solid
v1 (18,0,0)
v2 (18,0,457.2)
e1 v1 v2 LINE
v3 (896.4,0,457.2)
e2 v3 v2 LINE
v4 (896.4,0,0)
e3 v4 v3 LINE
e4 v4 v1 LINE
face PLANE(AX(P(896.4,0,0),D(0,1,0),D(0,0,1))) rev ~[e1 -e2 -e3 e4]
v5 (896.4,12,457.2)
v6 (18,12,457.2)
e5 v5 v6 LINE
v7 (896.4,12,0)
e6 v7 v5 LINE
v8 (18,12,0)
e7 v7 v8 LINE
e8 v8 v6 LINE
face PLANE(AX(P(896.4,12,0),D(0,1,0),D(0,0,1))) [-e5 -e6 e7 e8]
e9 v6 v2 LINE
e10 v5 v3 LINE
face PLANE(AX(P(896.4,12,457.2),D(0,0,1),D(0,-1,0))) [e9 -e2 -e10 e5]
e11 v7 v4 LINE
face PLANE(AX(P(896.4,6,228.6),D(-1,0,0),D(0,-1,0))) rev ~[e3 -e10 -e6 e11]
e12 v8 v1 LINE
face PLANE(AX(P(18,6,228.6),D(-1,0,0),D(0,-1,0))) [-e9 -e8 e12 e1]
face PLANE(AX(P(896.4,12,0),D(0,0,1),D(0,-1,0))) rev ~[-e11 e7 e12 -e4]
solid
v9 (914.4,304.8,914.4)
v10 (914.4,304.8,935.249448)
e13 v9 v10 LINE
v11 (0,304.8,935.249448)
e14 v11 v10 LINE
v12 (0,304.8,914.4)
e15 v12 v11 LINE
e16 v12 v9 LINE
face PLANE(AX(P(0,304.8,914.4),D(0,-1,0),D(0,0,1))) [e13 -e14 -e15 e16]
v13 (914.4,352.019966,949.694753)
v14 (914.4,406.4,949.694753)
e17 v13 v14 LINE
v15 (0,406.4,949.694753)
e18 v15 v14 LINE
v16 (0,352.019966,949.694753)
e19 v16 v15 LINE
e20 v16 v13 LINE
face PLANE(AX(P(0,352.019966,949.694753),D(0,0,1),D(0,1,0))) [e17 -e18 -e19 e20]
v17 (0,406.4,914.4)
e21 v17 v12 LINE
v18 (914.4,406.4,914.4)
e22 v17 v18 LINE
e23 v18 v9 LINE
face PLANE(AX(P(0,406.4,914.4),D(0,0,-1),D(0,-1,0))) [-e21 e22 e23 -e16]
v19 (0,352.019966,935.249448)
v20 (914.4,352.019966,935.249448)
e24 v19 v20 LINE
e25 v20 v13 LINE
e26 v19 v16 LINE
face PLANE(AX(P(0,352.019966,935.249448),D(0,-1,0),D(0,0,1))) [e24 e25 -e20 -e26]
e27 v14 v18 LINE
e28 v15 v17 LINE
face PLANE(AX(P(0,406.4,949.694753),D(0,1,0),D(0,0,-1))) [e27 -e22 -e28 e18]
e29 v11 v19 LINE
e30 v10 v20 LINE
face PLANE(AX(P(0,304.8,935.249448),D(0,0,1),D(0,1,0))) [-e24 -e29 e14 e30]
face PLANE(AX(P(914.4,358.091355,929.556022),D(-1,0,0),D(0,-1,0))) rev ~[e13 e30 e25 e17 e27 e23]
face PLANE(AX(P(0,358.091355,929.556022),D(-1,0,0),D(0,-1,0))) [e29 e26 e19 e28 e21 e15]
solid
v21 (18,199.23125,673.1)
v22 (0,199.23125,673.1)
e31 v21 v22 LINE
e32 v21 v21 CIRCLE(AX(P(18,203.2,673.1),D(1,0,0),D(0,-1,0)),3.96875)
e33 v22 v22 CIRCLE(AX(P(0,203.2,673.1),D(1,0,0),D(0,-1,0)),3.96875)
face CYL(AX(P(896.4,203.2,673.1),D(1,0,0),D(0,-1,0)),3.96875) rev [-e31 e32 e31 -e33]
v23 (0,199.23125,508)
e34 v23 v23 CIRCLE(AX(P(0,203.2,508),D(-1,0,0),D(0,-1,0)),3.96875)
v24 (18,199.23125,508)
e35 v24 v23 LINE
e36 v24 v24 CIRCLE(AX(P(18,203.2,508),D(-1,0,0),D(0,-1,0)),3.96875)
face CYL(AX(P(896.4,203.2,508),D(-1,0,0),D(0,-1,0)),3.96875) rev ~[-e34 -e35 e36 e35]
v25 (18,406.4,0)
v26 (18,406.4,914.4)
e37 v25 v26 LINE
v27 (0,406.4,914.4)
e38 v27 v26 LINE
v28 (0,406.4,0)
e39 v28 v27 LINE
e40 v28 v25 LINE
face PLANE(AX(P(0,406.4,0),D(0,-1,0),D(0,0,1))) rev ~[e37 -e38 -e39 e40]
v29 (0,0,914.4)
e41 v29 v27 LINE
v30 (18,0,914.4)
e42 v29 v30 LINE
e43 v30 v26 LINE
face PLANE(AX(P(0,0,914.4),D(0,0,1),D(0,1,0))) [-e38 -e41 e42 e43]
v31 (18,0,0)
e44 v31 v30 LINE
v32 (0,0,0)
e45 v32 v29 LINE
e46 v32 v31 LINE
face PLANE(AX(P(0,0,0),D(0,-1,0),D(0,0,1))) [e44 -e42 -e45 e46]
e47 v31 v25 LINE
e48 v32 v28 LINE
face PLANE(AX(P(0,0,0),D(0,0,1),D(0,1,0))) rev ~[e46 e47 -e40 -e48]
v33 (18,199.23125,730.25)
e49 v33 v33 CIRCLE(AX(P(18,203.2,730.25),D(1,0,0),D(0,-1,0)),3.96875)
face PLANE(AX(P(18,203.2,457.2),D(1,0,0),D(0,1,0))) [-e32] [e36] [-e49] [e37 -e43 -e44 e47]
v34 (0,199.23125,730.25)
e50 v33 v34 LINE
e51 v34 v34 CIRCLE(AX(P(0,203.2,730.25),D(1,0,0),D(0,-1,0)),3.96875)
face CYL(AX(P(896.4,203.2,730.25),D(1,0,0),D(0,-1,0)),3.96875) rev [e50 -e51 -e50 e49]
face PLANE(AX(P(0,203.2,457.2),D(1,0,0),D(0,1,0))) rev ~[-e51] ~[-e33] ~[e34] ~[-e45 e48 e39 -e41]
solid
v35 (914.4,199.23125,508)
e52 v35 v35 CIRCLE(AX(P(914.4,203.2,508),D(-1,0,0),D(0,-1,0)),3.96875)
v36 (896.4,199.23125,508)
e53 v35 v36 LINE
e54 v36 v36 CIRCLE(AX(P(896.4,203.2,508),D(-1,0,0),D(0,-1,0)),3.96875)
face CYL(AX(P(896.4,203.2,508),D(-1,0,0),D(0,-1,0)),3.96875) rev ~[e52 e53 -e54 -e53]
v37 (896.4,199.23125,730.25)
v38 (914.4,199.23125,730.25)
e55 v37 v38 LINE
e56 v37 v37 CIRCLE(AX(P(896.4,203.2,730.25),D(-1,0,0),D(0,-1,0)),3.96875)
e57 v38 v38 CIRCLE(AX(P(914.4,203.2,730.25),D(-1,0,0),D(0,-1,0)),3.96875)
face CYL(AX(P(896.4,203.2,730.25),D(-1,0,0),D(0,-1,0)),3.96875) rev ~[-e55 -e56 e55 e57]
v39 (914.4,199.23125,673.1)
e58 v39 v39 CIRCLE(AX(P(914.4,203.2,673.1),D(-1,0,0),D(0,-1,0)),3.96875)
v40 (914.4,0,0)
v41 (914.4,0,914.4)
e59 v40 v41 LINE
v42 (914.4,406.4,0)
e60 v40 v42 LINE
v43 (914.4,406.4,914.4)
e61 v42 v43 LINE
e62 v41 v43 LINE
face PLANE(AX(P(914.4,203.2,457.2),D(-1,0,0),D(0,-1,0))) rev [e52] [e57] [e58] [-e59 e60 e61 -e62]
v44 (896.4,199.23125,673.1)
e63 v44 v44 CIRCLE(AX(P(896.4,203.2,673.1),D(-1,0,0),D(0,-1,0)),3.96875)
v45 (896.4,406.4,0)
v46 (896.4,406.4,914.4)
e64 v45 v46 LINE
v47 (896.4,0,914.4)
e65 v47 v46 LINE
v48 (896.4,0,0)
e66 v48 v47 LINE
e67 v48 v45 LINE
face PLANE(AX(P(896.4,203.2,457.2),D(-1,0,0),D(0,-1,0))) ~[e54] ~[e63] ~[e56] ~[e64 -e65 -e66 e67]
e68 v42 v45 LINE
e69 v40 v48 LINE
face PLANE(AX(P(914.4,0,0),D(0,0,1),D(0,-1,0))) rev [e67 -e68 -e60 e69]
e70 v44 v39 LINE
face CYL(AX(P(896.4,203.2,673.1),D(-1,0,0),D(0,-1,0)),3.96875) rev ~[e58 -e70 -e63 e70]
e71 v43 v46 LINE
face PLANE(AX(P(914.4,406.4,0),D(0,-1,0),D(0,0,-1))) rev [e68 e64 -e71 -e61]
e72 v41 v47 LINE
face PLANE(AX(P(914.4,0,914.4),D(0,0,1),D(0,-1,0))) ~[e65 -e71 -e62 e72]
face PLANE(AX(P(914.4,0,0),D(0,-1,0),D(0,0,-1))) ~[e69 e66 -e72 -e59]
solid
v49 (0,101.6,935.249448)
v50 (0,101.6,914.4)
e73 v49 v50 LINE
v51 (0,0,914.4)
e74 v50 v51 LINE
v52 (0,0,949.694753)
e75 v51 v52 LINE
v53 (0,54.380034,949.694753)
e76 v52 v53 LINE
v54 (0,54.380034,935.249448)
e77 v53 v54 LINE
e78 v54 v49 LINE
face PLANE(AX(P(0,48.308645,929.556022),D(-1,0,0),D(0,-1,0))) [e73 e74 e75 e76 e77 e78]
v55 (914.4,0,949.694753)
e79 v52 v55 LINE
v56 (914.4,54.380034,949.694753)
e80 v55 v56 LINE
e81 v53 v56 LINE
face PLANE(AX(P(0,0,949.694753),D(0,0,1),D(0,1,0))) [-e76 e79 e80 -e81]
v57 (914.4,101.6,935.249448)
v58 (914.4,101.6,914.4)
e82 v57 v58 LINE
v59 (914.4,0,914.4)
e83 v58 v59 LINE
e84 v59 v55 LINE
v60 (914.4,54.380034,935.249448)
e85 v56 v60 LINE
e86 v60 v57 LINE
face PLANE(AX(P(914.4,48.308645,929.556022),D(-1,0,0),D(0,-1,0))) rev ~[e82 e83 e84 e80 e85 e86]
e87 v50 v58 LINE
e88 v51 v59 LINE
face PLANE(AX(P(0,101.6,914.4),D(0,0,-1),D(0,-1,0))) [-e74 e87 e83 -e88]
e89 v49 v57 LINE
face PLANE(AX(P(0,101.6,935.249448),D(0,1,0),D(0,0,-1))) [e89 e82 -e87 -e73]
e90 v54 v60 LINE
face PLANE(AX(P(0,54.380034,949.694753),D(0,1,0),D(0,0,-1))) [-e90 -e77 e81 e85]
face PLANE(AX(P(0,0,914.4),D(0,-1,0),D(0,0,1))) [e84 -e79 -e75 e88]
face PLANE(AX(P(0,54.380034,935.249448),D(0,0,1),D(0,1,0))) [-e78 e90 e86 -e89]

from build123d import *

# Parameters (mm, degrees)
F0_W     = 406.4
F0_H     = 914.4
F1_DEPTH = 18
F4_R     = 3.96875
F5_DEPTH = 1016
F7_DEPTH = 914.4
F8_W     = 12
F8_H     = 457.2
F9_DEPTH = 878.4


with BuildPart() as f1:
    # F0 (on Right) → F1 (new body)
    with BuildSketch(Plane.YZ):
        with Locations((203.2, 457.2)):
            Rectangle(F0_W, F0_H)
    extrude(amount=F1_DEPTH)


with BuildPart() as f3_1:
    # F3: instance of F1
    add(f1.part.mirror(Plane.YZ.offset(457.2)))


with BuildPart() as f5_tool:
    # F4 (on face) → F5 (new body, symmetric)
    with BuildSketch(Plane(origin=(896.4, 0, 0), x_dir=(0, -1, 0), z_dir=(-1, 0, 0))):
        with Locations((-203.2, 730.25)):
            Circle(F4_R)
        with Locations((-203.2, 673.1)):
            Circle(F4_R)
        with Locations((-203.2, 508)):
            Circle(F4_R)
    extrude(amount=F5_DEPTH, both=True)


with BuildPart() as f1_1:
    add(f1.part)

    # F5: cut by f5_tool
    add(f5_tool.part, mode=Mode.SUBTRACT)


with BuildPart() as f3_1_1:
    add(f3_1.part)

    # F5: cut by f5_tool
    add(f5_tool.part, mode=Mode.SUBTRACT)


with BuildPart() as f7:
    # F6 (on face) → F7 (new body, through all)
    with BuildSketch(Plane(origin=(0, 0, 0), x_dir=(0, -1, 0), z_dir=(-1, 0, 0))):
        Polygon((-101.6, 914.4), (0, 914.4), (0, 949.6947526932), (-54.3800343513, 949.6947526932), (-54.3800343513, 935.2494478226), (-101.6, 935.2494478226), align=None)
    extrude(amount=-F7_DEPTH)


with BuildPart() as f7b:
    # F6 (on face) → F7, piece 2 (new body, through all)
    with BuildSketch(Plane(origin=(0, 0, 0), x_dir=(0, -1, 0), z_dir=(-1, 0, 0))):
        Polygon((-406.4, 949.6947526932), (-406.4, 914.4), (-304.8, 914.4), (-304.8, 935.2494478226), (-352.0199656487, 935.2494478226), (-352.0199656487, 949.6947526932), align=None)
    extrude(amount=-F7_DEPTH)


with BuildPart() as f9:
    # F8 (on face) → F9 (new body, through all)
    with BuildSketch(Plane(origin=(896.4, 0, 0), x_dir=(0, -1, 0), z_dir=(-1, 0, 0))):
        with Locations((-6, 228.6)):
            Rectangle(F8_W, F8_H)
    extrude(amount=F9_DEPTH)


solid = Compound([f1_1.part, f3_1_1.part, f7.part, f7b.part, f9.part])
